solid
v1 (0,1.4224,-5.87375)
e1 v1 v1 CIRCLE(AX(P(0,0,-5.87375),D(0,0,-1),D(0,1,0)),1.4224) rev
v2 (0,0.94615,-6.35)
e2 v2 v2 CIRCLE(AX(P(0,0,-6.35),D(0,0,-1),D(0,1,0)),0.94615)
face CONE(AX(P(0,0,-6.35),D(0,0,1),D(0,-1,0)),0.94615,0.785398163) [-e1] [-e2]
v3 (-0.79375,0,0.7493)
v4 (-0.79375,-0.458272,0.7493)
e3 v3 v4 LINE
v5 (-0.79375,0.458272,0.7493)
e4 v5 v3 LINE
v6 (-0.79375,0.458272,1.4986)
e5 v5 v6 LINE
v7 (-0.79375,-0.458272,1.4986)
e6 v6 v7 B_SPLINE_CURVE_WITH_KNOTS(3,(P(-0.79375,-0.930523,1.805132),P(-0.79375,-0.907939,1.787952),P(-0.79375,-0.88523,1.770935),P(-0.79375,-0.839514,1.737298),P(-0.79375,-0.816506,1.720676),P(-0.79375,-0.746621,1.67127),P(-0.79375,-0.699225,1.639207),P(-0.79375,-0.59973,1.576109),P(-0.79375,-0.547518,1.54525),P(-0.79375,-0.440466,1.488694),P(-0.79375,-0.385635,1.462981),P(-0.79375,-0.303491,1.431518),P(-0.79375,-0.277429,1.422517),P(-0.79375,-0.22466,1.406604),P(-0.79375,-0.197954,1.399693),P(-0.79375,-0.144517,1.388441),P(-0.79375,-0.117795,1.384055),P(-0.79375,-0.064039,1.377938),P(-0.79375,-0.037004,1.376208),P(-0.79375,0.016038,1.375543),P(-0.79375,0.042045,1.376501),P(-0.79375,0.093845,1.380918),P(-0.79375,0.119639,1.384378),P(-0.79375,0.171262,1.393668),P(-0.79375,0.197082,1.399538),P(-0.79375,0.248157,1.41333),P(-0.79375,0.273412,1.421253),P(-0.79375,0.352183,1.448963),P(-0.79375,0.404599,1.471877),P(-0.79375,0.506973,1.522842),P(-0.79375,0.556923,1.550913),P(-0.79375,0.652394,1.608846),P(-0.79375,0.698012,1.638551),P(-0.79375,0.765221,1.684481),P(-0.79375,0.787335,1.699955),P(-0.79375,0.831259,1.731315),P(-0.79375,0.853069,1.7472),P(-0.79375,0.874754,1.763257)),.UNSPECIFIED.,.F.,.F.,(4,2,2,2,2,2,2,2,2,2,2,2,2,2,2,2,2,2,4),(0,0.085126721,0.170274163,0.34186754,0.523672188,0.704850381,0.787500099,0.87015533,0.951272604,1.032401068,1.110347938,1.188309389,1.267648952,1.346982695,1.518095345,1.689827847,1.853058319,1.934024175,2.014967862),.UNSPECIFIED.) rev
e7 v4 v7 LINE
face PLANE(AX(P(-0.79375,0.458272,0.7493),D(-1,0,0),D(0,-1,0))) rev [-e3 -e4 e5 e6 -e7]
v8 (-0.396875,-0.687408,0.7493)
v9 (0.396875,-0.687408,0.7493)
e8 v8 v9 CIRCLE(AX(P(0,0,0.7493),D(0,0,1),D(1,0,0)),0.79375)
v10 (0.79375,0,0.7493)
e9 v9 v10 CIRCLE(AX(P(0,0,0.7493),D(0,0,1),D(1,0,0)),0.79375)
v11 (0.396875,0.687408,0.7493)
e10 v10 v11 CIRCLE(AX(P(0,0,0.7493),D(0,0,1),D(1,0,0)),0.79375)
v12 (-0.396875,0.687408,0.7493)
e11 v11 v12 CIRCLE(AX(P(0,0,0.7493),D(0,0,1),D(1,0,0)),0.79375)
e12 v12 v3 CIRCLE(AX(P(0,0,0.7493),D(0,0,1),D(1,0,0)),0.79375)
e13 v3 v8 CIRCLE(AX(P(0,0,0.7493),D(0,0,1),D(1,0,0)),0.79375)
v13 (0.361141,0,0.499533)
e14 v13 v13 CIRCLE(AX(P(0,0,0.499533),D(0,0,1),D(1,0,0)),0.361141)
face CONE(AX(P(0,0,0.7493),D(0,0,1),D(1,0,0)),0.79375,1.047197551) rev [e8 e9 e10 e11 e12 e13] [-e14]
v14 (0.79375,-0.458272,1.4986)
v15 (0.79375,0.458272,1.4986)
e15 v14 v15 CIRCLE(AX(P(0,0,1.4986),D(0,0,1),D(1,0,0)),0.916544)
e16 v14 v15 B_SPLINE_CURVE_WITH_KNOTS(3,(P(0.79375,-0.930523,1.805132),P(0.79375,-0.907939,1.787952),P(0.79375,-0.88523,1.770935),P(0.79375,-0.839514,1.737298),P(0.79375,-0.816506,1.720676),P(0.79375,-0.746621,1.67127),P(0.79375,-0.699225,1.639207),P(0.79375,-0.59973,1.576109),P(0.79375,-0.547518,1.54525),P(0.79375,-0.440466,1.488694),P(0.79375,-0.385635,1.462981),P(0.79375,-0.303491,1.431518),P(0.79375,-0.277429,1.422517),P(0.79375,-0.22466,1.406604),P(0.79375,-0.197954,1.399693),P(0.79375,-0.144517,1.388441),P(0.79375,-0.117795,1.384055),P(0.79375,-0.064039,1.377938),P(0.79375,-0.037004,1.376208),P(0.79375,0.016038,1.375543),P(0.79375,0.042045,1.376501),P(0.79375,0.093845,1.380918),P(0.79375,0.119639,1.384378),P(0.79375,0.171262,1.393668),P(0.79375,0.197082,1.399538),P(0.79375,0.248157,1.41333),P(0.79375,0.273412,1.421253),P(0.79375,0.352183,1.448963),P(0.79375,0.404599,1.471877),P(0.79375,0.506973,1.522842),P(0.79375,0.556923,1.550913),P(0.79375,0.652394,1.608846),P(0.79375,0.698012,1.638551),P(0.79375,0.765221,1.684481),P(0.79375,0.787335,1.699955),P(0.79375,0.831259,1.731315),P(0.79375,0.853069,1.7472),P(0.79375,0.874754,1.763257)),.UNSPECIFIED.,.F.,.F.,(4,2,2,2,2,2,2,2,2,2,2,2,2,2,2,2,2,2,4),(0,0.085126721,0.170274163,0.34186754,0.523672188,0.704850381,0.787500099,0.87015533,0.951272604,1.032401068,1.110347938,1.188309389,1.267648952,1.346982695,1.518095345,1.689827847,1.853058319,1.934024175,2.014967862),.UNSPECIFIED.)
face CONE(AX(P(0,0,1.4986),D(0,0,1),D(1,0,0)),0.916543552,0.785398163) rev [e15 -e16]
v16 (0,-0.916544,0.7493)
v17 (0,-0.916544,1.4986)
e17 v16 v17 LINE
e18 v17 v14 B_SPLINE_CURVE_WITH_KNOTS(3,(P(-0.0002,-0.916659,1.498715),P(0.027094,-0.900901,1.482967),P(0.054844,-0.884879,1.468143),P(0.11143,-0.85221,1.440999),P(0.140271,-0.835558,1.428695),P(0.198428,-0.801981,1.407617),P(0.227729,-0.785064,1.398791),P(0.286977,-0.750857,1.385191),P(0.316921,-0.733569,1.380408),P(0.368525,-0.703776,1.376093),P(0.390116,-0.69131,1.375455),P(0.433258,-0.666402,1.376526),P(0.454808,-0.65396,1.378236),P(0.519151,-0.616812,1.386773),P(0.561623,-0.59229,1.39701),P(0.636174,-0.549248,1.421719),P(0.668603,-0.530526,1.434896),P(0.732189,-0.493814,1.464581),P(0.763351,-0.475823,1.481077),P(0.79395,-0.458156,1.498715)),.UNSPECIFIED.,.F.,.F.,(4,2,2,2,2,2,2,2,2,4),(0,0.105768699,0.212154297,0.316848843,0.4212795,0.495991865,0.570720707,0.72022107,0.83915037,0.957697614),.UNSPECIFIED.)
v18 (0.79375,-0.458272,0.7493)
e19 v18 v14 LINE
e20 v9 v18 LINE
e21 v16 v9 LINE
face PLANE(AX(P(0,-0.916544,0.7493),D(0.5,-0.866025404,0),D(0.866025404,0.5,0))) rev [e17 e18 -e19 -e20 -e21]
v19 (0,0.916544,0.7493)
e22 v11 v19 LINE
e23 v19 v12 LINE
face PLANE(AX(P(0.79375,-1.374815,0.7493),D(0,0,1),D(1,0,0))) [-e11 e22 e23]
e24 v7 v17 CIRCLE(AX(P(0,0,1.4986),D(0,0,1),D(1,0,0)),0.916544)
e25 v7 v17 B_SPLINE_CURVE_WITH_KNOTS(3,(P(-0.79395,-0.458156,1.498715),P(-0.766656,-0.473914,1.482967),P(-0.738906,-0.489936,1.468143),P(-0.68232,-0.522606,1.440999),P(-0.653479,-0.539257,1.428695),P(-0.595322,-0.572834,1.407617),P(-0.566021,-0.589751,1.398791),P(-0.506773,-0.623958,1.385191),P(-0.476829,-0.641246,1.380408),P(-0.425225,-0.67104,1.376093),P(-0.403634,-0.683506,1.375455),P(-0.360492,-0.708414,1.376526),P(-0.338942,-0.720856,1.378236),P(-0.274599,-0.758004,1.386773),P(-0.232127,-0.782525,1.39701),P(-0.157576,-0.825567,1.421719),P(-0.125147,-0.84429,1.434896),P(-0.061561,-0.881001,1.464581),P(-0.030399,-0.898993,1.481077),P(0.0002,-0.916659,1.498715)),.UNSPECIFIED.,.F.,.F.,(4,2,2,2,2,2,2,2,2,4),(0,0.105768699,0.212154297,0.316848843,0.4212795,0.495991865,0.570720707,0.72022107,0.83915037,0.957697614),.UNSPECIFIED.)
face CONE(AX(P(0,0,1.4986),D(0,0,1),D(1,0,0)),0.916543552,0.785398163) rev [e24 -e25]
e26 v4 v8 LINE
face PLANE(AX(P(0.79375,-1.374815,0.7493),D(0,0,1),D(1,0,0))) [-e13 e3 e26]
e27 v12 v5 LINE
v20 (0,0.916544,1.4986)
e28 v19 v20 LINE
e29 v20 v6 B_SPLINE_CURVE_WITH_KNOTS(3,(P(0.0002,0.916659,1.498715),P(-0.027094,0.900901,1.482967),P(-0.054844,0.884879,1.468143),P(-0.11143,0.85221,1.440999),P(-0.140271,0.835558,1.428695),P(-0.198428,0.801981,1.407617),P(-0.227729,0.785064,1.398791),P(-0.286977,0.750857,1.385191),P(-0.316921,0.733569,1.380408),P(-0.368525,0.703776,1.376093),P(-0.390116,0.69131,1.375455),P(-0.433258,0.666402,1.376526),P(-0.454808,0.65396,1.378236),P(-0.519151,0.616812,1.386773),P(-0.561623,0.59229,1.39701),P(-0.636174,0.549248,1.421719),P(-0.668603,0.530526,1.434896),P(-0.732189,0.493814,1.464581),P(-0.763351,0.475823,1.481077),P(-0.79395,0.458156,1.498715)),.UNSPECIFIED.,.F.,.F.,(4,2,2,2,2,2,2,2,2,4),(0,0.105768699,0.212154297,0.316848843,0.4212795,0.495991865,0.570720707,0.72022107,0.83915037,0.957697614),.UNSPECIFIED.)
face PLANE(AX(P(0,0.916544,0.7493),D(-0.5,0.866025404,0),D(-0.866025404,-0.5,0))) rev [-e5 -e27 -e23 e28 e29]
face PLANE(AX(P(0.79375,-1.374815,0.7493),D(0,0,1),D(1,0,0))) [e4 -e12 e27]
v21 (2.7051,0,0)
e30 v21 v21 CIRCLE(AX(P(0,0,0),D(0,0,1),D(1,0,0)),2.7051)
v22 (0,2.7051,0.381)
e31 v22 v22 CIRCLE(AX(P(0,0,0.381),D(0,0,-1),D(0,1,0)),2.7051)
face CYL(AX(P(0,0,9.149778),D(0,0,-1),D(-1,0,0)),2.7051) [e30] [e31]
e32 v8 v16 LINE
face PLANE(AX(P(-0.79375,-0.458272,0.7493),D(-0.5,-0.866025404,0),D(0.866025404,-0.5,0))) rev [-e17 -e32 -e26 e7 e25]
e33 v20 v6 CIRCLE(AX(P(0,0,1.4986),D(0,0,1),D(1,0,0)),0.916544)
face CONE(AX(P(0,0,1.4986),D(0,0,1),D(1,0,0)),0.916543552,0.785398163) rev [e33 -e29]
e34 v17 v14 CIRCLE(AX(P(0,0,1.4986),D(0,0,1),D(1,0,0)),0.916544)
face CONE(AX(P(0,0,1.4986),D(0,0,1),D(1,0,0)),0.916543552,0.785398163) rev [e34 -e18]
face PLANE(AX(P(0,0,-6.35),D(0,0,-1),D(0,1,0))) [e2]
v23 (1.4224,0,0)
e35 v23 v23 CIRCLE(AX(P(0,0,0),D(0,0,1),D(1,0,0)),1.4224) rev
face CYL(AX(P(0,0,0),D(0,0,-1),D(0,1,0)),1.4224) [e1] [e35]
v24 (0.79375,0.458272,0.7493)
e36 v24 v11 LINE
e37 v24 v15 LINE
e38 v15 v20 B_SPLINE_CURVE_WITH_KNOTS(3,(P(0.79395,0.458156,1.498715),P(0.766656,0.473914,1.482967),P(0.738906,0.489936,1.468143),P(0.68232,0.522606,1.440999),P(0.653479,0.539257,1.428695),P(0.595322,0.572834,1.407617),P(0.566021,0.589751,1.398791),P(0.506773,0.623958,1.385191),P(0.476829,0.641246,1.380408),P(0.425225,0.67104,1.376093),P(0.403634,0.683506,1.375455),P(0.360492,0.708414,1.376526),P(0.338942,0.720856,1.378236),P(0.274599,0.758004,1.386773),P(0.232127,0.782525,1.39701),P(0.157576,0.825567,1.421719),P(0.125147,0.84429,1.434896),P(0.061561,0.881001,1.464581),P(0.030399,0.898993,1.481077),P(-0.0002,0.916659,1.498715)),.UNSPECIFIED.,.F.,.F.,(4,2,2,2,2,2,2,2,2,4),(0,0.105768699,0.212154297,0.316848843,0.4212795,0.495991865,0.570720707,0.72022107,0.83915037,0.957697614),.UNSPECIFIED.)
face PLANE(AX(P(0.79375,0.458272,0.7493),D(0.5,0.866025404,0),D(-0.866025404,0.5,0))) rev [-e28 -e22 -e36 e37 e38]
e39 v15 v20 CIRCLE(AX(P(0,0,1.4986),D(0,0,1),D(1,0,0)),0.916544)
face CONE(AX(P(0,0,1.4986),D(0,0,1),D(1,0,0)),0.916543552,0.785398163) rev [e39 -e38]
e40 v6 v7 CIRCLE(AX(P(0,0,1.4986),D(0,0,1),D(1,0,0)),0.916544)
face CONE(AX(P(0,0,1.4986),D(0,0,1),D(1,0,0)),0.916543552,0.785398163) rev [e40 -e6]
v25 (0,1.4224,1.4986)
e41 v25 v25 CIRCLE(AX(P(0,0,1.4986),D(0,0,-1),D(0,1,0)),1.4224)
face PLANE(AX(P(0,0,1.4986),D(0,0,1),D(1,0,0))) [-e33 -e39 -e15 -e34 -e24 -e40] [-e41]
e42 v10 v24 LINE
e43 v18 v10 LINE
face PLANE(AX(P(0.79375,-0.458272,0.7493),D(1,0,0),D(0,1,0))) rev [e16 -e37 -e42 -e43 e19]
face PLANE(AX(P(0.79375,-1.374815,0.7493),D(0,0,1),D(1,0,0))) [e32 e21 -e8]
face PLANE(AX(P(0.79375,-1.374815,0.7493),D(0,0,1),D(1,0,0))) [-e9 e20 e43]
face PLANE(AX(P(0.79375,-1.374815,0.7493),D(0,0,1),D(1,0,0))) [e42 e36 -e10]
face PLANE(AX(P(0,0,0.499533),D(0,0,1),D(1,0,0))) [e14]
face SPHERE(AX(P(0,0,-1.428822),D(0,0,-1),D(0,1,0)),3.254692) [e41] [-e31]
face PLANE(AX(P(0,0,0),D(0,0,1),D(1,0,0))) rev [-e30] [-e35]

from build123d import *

# Parameters (mm, degrees)
SKETCH1_W          = 6.35
SKETCH1_H          = 1.4224
CHAMFER1_SIZE      = 0.47625
SKETCH4_R          = 2.7051
EXTRUDE1_DEPTH     = 1.4986
CUT_EXTRUDE1_DEPTH = 0.7493
SKETCH7_R          = 0.916543552
CUT_EXTRUDE4_DEPTH = 0.7493
CUT_EXTRUDE4_TAPER = 45
SKETCH8_R          = 0.79375
CUT_EXTRUDE5_DEPTH = 0.249766667
CUT_EXTRUDE5_TAPER = 60


with BuildPart() as part:
    # Sketch1 → Revolve1 (revolve)
    with BuildSketch(Plane(origin=(0, 0, 0), x_dir=(0, 0, -1), z_dir=(1, 0, 0))):
        with Locations((3.175, 0.7112)):
            Rectangle(SKETCH1_W, SKETCH1_H)
    revolve(axis=Axis((0, 0, 0), (0, 0, 1)))

    # Chamfer1
    chamfer1_edges = [part.edges().sort_by_distance(p)[0] for p in [
        (0, -1.4224, -6.35),
    ]]
    chamfer(chamfer1_edges, length=CHAMFER1_SIZE)

    # Sketch4 → Extrude1 (add)
    with BuildSketch(Plane.XY):
        Circle(SKETCH4_R)
    extrude(amount=EXTRUDE1_DEPTH)

    # Sketch9 → Cut-Revolve3 (revolve, cut)
    with BuildSketch(Plane(origin=(0, 0, 0), x_dir=(0, 0, -1), z_dir=(1, 0, 0))):
        with BuildLine():
            Line((0, 2.7051), (-0.381, 2.7051))
            ThreePointArc((-0.381, 2.7051), (-1.025093234, 2.138064897), (-1.4986, 1.4224))
            Line((-1.4986, 1.4224), (-1.8796, 1.4224))
            Line((-1.8796, 1.4224), (-1.8796, 3.0861))
            Line((-1.8796, 3.0861), (0, 3.0861))
            Line((0, 3.0861), (0, 2.7051))
        make_face()
    revolve(axis=Axis((0, 0, 0), (0, 0, 1)), mode=Mode.SUBTRACT)

    # Sketch6 → Cut-Extrude1 (cut)
    with BuildSketch(Plane.XY.offset(1.4986)):
        Polygon((0, -0.916543552), (0.79375, -0.458271776), (0.79375, 0.458271776), (0, 0.916543552), (-0.79375, 0.458271776), (-0.79375, -0.458271776), align=None)
    extrude(amount=-CUT_EXTRUDE1_DEPTH, mode=Mode.SUBTRACT)

    # Sketch7 → Cut-Extrude4 (cut)
    with BuildSketch(Plane.XY.offset(1.4986)):
        Circle(SKETCH7_R)
    extrude(amount=-CUT_EXTRUDE4_DEPTH, taper=CUT_EXTRUDE4_TAPER, mode=Mode.SUBTRACT)

    # Sketch8 → Cut-Extrude5 (cut)
    with BuildSketch(Plane.XY.offset(0.7493)):
        Circle(SKETCH8_R)
    extrude(amount=-CUT_EXTRUDE5_DEPTH, taper=CUT_EXTRUDE5_TAPER, mode=Mode.SUBTRACT)


solid = part.part
